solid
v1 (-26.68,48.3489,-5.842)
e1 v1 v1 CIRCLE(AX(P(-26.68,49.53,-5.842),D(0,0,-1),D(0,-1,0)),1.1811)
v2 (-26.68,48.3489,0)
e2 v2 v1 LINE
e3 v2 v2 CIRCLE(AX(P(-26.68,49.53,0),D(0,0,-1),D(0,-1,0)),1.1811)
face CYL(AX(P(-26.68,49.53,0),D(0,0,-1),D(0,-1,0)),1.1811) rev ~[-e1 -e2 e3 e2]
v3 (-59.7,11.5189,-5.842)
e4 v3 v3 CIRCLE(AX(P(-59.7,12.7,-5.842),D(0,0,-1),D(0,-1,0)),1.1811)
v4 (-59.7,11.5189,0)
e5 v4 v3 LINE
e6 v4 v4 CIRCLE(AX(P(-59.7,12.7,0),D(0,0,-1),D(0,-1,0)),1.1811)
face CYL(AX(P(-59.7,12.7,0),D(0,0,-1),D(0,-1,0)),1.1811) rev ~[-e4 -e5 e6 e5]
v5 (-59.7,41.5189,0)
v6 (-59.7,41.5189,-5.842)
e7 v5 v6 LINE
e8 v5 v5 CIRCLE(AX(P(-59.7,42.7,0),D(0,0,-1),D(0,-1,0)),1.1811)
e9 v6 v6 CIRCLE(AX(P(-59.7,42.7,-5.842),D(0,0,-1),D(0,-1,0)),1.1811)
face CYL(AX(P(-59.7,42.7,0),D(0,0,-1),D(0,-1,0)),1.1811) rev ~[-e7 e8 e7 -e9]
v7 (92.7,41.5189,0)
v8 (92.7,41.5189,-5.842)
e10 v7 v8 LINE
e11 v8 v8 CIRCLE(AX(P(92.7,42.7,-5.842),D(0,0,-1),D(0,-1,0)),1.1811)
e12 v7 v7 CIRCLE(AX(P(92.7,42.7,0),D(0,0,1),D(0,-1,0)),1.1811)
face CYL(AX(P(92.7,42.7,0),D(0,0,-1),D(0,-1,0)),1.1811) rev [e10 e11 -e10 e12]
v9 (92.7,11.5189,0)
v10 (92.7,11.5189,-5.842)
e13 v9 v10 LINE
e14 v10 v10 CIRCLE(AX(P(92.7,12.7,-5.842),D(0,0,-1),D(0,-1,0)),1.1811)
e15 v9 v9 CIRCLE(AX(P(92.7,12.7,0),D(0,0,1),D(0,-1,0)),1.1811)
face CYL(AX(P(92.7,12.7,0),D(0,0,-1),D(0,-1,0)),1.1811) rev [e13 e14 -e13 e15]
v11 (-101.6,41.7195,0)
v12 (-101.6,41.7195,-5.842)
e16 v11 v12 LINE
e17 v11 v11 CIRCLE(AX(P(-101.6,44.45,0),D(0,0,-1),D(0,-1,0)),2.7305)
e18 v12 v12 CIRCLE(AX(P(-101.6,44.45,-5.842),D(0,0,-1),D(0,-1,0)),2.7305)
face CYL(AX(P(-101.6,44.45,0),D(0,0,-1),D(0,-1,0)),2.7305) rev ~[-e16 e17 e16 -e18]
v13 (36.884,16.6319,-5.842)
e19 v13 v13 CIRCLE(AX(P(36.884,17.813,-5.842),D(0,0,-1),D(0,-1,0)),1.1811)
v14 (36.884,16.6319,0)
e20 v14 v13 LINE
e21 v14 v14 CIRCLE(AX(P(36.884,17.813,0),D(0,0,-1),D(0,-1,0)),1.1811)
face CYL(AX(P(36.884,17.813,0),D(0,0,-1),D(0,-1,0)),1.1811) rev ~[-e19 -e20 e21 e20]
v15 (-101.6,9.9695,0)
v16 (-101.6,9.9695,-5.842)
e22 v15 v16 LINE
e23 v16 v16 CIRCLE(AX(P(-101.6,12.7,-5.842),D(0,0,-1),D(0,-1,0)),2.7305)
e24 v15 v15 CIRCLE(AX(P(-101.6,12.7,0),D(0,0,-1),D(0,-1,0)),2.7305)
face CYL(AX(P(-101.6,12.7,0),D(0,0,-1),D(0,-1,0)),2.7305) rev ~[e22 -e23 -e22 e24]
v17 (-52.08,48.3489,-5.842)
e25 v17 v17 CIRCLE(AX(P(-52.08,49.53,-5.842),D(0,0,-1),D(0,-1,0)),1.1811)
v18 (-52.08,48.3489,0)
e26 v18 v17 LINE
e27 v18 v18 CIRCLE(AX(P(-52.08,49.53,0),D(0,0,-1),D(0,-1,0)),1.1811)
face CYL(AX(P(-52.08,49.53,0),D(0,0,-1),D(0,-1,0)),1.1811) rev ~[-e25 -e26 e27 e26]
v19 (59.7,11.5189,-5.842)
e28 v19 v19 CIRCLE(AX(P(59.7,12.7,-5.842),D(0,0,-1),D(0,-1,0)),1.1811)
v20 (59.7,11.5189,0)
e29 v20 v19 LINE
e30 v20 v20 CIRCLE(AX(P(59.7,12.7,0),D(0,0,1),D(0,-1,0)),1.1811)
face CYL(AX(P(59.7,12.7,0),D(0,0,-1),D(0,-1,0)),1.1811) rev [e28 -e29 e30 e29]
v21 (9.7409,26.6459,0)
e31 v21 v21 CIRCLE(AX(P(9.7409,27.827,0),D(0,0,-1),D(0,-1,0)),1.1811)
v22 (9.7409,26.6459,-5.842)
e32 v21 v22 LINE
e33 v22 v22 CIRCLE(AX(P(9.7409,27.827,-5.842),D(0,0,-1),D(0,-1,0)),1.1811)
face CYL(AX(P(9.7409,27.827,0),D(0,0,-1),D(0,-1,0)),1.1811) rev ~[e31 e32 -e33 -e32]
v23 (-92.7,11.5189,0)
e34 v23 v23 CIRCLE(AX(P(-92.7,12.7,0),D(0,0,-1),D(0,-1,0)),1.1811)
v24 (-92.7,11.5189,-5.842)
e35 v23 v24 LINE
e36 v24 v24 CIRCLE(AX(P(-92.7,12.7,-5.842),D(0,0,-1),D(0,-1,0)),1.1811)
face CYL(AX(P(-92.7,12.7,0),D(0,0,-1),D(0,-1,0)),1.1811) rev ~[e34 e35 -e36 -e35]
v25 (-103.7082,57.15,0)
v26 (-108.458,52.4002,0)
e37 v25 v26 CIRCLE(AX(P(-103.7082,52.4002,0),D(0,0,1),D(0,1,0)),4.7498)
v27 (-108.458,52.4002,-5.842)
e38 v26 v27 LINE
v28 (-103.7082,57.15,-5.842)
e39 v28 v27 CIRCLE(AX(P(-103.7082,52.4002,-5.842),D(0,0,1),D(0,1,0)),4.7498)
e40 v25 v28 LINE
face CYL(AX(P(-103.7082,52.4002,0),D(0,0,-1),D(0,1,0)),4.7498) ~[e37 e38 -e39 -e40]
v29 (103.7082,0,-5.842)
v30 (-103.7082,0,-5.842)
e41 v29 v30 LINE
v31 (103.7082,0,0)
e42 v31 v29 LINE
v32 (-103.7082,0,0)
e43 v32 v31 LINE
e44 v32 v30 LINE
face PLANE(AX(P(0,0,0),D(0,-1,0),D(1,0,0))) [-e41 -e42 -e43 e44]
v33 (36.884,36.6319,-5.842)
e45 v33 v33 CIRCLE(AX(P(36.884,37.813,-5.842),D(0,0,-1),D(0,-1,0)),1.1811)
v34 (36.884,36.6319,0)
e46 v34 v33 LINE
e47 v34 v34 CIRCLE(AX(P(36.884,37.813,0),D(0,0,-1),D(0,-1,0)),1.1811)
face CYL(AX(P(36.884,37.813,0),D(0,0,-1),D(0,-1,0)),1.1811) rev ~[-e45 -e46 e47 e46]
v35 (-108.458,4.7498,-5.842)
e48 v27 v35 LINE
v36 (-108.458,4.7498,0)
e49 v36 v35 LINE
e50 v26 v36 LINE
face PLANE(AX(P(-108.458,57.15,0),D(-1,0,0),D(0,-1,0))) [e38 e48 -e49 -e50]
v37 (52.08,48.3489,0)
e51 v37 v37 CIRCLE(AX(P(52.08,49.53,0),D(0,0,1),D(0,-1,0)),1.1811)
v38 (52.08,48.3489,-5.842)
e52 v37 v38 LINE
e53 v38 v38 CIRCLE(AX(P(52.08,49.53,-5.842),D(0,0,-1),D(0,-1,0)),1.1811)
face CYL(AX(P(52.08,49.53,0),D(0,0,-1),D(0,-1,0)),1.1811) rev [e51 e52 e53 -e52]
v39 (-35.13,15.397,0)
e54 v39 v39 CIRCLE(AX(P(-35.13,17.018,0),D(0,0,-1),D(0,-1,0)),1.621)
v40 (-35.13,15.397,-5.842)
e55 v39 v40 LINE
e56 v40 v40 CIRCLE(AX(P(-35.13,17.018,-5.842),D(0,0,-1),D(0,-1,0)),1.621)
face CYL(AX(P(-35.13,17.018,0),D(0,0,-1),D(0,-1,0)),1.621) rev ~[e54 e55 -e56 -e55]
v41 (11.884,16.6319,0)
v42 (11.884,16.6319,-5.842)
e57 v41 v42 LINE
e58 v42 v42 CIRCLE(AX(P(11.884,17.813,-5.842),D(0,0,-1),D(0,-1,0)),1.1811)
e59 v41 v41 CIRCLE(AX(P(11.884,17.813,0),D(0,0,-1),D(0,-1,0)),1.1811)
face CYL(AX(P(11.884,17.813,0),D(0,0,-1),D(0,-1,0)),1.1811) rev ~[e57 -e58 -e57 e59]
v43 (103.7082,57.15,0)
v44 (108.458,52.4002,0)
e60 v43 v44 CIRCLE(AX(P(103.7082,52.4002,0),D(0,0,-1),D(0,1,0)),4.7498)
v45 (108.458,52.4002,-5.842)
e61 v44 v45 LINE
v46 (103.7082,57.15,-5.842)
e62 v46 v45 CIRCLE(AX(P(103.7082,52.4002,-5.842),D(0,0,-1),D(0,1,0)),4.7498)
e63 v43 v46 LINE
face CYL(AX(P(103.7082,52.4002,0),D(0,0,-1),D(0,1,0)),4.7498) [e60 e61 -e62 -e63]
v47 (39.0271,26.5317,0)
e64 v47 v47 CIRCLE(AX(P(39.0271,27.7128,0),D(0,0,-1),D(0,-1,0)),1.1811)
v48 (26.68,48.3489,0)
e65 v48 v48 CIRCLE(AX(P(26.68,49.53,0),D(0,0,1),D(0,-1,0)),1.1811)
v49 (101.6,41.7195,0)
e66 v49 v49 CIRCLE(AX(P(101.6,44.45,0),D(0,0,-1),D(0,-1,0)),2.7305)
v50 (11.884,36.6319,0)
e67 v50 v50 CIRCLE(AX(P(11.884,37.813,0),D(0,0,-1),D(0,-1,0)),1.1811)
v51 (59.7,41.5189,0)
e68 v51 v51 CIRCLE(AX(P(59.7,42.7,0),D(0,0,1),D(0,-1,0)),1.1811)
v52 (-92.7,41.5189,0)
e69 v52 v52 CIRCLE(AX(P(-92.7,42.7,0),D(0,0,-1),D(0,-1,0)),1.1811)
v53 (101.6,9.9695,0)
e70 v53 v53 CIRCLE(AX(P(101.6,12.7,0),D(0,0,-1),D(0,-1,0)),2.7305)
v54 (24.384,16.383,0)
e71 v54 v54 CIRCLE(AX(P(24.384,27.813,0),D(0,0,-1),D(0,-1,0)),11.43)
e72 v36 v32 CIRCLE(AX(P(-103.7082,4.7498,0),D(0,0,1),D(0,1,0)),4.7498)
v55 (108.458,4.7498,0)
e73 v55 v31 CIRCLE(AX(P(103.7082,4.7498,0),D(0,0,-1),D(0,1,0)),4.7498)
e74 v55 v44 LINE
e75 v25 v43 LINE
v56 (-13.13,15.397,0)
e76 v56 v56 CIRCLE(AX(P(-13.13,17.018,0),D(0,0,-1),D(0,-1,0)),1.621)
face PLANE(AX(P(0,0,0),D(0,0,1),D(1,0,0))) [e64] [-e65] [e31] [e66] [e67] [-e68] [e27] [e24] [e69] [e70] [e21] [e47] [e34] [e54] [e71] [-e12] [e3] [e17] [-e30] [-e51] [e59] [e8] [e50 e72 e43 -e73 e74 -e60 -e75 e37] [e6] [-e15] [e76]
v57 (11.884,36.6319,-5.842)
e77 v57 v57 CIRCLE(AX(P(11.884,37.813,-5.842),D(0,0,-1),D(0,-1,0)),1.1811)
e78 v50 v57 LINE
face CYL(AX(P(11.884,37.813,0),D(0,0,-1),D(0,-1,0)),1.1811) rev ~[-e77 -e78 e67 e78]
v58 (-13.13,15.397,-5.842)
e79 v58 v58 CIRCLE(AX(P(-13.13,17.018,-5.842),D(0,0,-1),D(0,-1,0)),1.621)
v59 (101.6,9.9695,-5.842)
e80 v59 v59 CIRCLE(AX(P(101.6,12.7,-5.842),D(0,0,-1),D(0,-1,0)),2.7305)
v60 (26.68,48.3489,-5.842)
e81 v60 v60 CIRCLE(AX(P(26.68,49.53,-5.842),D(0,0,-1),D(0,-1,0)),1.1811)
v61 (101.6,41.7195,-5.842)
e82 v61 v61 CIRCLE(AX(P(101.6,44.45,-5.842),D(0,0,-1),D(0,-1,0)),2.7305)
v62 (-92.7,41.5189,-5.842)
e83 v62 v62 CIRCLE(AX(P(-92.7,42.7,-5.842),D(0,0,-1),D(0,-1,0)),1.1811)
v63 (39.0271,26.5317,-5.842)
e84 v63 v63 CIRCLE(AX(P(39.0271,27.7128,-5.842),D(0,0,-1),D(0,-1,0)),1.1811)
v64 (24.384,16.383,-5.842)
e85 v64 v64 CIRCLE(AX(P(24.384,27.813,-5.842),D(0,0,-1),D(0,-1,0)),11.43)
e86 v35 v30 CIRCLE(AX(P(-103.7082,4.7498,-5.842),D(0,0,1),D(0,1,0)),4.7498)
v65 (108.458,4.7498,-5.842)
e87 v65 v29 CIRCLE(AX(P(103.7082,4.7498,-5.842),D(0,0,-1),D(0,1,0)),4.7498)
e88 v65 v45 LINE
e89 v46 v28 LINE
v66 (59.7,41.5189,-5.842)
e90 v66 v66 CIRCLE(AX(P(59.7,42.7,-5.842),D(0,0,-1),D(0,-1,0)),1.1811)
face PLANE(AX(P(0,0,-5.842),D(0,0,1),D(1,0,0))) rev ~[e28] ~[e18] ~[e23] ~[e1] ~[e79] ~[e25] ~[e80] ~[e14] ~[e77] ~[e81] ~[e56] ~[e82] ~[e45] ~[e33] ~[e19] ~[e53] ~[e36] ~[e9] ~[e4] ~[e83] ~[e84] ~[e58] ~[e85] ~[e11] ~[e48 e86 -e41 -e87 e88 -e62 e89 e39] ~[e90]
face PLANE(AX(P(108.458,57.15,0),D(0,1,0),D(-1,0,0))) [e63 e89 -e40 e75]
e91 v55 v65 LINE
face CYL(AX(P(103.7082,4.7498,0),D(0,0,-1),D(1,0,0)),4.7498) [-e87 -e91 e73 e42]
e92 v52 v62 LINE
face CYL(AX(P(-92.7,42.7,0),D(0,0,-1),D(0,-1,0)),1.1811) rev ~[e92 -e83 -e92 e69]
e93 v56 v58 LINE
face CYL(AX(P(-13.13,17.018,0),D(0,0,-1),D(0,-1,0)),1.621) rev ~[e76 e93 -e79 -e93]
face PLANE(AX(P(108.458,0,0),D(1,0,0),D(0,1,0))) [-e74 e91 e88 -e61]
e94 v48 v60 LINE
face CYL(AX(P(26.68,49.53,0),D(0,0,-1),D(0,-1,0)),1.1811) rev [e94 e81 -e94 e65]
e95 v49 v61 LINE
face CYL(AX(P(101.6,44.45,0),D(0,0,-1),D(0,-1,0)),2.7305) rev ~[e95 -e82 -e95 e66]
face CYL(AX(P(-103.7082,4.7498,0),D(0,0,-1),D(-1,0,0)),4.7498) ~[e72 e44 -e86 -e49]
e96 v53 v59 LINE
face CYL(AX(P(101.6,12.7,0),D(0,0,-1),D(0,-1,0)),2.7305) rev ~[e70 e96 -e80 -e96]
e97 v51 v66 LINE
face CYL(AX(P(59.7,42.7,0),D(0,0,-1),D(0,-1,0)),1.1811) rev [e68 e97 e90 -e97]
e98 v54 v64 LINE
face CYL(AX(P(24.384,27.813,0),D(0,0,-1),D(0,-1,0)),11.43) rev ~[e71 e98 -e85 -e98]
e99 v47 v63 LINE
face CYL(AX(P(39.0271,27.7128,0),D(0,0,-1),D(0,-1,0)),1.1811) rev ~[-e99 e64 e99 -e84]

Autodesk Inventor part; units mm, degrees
ref_plane "YZ Plane" through (0, 0, 0) normal (1, 0, 0) x (0, 1, 0)
ref_plane "XZ Plane" through (0, 0, 0) normal (0, 1, 0) x (-1, 0, 0)
ref_plane "XY Plane" through (0, 0, 0) normal (0, 0, 1) x (1, 0, 0)
sketch "Sketch1" plane through (0, 0, 0) normal (0, 0, 1) x (1, 0, 0)
  line L0 (0, 68.58) -> (0, -11.43) projected
  line L1 (-151.8412, 0) -> (151.8412, 0) projected
  line L2 (108.458, 57.15) -> (-108.458, 57.15)
  line L3 (-108.458, 57.15) -> (-108.458, 0)
  line L4 (-108.458, 0) -> (108.458, 0)
  line L5 (108.458, 0) -> (108.458, 57.15)
  line L6 (-59.7, 12.7) -> (-92.7, 12.7) construction
  line L7 (-92.7, 12.7) -> (-92.7, 42.7) construction
  line L8 (-92.7, 42.7) -> (-59.7, 42.7) construction
  line L9 (-59.7, 42.7) -> (-59.7, 12.7) construction
  line L10 (-59.7, 12.7) -> (-92.7, 42.7) construction
  line L11 (-92.7, 12.7) -> (-59.7, 42.7) construction
  line L12 (11.884, 17.813) -> (36.884, 17.813) construction
  line L13 (36.884, 17.813) -> (36.884, 37.813) construction
  line L14 (36.884, 37.813) -> (11.884, 37.813) construction
  line L15 (11.884, 37.813) -> (11.884, 17.813) construction
  line L16 (11.884, 17.813) -> (36.884, 37.813) construction
  line L17 (36.884, 17.813) -> (11.884, 37.813) construction
  line L18 (101.6, 44.45) -> (-101.6, 44.45) construction
  line L19 (-101.6, 44.45) -> (-101.6, 12.7) construction
  line L20 (-101.6, 12.7) -> (101.6, 12.7) construction
  line L21 (101.6, 12.7) -> (101.6, 44.45) construction
  line L22 (101.6, 44.45) -> (-101.6, 12.7) construction
  line L23 (-101.6, 44.45) -> (101.6, 12.7) construction
  line L24 (-13.13, 17.018) -> (-35.13, 17.018) construction
  point P0 (0, 0)
  point P1 (101.6, 12.7)
  point P2 (-76.2, 27.7)
  point P3 (24.384, 27.813)
  point P4 (39.0271, 27.7128)
  point P5 (9.7409, 27.827)
  point P6 (-26.68, 49.53)
  point P7 (-52.08, 49.53)
  point P8 (0, 28.575)
  point P9 (-24.13, 17.018)
  dimension "d1" = 57.15
  dimension "d2" = 101.6
  dimension "d4" = 12.7
  dimension "d5" = 33
  dimension "d27" = 108.458
  dimension "d44" = 30
  dimension "d54" = 14.45
  dimension "d55" = 76.2
  dimension "d56" = 12.7
  dimension "d58" = 25
  dimension "d59" = 20
  dimension "d77" = 29.2862
  dimension "d78" = 14.6431
  dimension "d79" = 27.813
  dimension "d80" = 7.62
  dimension "d81" = 101.6
  dimension "d82" = 108.458
  dimension "d83" = 31.75
  dimension "d84" = 12.7
  dimension "d85" = 22
  dimension "d87" = 17.018
  dimension "d96" = 24.13
  dimension "d97" = 24.384
  dimension "d98" = 7.62
  dimension "d99" = 25.4
extrude "Extrusion1" add sketch "Sketch1" against normal blind 5.842
hole "Hole1" at (-101.6, 12.7, 0) at (101.6, 12.7, 0) at (-101.6, 44.45, 0) at (101.6, 44.45, 0) direction (0, 0, -1) diameter 5.461 end through all
sketch "Sketch3" plane through (0, 0, 0) normal (0, 0, 1) x (1, 0, 0)
  point P0 (0, 0)
hole "Hole4 Tap M3" at (-92.7, 42.7, 0) at (-59.7, 42.7, 0) at (-59.7, 12.7, 0) at (-92.7, 12.7, 0) at (-26.68, 49.53, 0) at (-52.08, 49.53, 0) direction (0, 0, -1) diameter 2.3622 end through all
fillet "Fillet2" radius 4.7498 4 edges at (-108.458, 57.15, -2.921) (108.458, 57.15, -2.921) (108.458, 0, -2.921) (-108.458, 0, -2.921)
hole "Hole5" at (36.884, 37.813, 0) at (36.884, 17.813, 0) at (11.884, 17.813, 0) at (11.884, 37.813, 0) at (39.0271, 27.7128, 0) at (9.7409, 27.827, 0) direction (0, 0, -1) diameter 2.3622 end through all
hole "Hole6" at (24.384, 27.813, 0) direction (0, 0, -1) diameter 22.86 end through all
hole "Hole7 Tap M4" at (-35.13, 17.018, 0) at (-13.13, 17.018, 0) direction (0, 0, -1) diameter 3.242 end through all thread size "M4x0.7" class "6H" standard "ANSI Metric M Profile"
mirror "Mirror1" about plane through (0, 0, 0) normal (1, 0, 0) of "Hole4 Tap M3"
equation "\"d78\" = 0.5 * d77"
equation "\"d81\" = d2"
equation "\"d82\" = d27"
